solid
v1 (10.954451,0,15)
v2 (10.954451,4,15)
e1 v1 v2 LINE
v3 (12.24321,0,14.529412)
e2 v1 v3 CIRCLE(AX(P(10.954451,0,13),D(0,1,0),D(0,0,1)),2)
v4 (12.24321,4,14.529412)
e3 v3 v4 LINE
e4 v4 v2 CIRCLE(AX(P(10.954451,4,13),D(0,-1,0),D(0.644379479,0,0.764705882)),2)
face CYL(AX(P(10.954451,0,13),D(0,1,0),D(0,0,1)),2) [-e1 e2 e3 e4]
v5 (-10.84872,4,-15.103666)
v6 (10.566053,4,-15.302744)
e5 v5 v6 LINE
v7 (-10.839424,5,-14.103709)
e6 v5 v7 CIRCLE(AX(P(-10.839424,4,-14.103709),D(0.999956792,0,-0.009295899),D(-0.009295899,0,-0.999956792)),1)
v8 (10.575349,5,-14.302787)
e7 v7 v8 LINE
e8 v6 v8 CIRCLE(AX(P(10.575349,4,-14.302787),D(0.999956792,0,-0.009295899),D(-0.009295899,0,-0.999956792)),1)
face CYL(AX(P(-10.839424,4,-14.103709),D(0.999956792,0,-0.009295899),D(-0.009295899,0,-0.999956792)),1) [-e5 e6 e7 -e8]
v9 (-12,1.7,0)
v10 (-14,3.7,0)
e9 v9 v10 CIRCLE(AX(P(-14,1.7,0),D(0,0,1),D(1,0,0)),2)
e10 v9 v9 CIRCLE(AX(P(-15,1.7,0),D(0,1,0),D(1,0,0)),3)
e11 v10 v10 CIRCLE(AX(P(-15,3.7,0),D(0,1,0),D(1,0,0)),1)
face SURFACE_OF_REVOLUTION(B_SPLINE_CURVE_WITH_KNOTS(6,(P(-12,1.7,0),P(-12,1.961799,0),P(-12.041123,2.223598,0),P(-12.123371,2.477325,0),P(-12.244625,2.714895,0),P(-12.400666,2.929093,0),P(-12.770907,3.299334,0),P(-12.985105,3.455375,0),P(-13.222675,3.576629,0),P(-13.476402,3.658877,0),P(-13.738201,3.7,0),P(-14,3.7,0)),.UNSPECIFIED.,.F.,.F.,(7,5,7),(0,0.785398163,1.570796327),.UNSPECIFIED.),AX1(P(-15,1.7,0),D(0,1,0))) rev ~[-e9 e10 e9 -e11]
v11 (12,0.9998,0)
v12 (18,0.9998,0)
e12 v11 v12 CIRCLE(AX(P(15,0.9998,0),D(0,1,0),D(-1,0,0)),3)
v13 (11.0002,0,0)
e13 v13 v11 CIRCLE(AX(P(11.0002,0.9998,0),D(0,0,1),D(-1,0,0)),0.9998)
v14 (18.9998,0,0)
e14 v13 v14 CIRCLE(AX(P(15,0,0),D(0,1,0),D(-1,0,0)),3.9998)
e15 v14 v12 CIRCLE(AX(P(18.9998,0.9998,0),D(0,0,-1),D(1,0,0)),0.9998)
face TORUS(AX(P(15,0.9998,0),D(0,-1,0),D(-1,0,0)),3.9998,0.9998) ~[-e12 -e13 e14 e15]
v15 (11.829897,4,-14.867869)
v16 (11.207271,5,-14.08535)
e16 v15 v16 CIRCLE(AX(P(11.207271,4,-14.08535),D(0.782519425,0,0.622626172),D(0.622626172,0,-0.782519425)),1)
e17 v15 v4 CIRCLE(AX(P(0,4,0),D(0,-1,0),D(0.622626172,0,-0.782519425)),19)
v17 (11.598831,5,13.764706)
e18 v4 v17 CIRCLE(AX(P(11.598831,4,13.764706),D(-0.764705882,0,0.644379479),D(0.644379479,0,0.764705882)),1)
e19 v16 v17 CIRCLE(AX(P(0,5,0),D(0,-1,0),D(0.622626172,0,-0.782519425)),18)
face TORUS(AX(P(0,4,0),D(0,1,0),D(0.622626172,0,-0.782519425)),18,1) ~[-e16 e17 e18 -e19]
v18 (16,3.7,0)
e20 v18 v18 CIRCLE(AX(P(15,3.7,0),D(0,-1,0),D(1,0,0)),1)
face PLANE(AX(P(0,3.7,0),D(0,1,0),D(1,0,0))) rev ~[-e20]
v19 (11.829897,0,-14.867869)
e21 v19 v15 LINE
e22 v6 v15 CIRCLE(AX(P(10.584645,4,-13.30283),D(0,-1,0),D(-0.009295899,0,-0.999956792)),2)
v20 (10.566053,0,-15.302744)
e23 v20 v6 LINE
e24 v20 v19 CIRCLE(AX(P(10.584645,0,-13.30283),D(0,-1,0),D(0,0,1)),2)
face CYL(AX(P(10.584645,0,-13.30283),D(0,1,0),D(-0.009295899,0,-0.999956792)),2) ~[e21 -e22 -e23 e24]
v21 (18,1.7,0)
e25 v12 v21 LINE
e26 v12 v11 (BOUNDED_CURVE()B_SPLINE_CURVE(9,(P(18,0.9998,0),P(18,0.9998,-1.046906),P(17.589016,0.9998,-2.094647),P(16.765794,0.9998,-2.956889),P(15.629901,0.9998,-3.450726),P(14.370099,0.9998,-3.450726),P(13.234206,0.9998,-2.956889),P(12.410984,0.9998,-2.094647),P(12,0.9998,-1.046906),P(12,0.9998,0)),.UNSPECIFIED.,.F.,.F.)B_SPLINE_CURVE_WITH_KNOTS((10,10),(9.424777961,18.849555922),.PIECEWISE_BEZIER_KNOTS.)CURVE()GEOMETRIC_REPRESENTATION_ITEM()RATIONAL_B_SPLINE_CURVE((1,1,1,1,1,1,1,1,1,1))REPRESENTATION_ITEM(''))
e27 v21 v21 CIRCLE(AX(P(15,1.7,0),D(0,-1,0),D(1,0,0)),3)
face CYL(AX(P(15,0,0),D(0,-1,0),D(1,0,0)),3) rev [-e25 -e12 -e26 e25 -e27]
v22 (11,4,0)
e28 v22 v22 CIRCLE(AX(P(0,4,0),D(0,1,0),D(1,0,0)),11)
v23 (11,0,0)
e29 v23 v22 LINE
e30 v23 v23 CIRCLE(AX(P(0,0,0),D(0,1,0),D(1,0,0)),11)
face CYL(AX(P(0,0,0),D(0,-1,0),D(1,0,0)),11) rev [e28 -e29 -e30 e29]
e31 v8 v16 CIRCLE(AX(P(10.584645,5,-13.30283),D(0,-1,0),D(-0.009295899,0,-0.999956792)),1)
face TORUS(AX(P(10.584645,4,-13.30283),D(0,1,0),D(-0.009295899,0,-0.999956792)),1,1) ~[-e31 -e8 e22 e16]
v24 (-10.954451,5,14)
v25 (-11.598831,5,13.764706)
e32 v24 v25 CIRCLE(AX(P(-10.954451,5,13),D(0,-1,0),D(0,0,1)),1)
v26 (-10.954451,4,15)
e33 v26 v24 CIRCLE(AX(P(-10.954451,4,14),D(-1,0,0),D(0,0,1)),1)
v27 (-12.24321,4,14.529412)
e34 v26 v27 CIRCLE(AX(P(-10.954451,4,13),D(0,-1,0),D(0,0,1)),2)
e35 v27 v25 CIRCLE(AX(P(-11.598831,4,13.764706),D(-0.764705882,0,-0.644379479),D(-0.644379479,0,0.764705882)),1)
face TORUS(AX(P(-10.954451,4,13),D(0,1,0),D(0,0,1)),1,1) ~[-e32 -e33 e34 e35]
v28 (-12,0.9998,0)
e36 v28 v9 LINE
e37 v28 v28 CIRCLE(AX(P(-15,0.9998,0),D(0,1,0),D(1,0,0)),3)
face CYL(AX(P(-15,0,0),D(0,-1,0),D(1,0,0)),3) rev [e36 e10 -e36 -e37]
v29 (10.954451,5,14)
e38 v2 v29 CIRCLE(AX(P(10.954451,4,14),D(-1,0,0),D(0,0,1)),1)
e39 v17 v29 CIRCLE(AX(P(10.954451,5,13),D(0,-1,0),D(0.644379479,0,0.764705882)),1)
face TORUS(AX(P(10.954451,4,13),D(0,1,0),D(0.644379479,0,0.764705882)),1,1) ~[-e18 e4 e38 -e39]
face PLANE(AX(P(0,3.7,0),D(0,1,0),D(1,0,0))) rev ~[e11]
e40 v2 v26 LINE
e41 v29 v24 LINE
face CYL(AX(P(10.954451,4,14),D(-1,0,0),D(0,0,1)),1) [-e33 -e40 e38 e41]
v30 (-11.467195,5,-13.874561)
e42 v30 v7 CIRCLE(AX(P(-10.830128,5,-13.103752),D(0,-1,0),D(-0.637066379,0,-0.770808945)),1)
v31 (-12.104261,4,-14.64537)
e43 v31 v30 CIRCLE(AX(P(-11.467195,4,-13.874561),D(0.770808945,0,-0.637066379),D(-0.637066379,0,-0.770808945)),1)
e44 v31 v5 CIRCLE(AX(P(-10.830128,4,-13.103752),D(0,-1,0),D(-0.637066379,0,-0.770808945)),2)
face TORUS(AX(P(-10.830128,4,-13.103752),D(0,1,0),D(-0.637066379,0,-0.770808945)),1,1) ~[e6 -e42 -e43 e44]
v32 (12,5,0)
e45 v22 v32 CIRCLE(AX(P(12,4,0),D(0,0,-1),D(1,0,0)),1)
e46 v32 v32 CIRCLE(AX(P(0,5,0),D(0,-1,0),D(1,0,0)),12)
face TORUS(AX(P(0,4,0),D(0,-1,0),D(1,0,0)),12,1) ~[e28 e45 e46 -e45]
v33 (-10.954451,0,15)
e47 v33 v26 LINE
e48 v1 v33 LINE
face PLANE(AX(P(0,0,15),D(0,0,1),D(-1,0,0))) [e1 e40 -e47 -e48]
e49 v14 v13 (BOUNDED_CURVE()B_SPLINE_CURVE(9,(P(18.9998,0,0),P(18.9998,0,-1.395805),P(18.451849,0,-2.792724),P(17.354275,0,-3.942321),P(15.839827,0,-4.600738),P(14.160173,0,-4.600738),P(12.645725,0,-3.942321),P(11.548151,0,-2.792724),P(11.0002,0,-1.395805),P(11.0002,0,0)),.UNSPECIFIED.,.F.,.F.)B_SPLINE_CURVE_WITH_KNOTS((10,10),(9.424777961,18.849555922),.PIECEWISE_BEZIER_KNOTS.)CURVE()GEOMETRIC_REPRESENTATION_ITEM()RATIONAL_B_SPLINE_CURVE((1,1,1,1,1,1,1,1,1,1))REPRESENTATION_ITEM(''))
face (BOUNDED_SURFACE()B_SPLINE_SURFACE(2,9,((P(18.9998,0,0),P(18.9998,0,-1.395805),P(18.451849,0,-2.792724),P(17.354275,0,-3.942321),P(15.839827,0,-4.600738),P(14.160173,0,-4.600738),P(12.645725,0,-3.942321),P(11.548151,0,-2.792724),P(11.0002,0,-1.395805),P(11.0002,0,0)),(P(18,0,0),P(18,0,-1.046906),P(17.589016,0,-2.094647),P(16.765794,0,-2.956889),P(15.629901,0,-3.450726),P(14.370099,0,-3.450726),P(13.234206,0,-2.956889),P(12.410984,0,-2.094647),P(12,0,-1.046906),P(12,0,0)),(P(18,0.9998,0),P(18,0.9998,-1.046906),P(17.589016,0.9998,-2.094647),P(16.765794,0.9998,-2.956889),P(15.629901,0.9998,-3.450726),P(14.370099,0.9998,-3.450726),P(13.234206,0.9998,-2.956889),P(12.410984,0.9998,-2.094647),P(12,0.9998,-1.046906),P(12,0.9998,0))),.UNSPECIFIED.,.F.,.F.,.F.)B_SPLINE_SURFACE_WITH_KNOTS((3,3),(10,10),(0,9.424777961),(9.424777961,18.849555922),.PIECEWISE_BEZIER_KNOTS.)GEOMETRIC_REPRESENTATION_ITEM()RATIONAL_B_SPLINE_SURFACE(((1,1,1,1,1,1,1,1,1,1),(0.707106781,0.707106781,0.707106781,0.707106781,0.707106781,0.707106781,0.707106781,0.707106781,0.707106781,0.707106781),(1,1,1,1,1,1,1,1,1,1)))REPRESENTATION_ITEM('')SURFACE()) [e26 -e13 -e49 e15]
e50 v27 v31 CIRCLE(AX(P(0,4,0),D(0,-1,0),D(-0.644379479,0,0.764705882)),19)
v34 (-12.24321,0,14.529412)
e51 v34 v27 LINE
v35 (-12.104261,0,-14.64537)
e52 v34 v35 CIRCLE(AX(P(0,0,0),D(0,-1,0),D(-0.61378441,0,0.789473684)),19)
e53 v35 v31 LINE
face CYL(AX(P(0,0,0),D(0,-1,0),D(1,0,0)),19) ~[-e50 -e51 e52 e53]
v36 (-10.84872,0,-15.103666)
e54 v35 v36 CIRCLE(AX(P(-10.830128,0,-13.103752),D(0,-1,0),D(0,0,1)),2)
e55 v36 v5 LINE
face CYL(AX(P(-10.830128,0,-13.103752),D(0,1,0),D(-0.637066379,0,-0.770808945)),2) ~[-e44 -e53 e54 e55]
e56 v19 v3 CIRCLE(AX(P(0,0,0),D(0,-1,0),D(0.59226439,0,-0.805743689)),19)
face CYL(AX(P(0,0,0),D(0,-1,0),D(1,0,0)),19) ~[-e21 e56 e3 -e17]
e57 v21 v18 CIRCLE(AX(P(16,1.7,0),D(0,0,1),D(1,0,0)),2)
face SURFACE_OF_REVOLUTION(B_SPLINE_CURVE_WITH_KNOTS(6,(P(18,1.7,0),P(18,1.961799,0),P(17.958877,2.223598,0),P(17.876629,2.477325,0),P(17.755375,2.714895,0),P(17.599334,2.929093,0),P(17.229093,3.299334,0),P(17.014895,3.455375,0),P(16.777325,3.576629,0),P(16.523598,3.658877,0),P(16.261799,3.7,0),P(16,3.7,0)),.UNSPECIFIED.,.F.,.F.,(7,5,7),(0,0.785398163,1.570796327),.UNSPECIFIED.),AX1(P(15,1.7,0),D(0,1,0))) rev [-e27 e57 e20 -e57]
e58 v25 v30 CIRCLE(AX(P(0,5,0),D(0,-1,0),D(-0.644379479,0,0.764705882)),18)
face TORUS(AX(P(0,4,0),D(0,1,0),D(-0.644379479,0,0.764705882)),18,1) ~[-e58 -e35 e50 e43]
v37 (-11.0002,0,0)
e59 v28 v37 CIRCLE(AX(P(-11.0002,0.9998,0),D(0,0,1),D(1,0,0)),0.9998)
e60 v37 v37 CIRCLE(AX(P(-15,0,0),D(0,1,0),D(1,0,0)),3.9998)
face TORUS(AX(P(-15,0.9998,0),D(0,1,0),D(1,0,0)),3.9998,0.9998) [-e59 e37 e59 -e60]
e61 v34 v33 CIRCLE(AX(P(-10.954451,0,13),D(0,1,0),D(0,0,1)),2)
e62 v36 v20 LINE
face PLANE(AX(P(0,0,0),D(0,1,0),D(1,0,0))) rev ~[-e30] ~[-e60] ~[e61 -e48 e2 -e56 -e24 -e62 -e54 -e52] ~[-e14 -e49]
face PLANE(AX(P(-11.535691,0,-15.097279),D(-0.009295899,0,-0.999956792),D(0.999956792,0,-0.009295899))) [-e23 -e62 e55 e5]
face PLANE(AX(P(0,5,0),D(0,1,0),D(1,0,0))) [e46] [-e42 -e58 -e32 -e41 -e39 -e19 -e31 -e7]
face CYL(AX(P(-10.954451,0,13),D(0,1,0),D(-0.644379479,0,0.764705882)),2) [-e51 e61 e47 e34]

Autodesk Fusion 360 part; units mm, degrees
sketch "Sketch1" plane through (0, 0, 0) normal (0, 1, 0) x (1, 0, 0)
  line L0 (0, 0) -> (-15, 0)
  line L1 (0, 0) -> (15, 0)
  circle A0 centre (15, 0) radius 3
  circle A1 centre (-15, 0) radius 3
  circle A2 centre (15, 0) radius 4
  circle A3 centre (-15, 0) radius 4
  circle A4 centre (0, 0) radius 11
  circle A5 centre (0, 0) radius 19
  line L2 (0, 0) -> (0, -15)
  line L3 (0, 0) -> (0, 15)
  line L4 (0, -15) -> (20.2663, -15)
  line L5 (20.2663, -15) -> (-18, -15)
  line L6 (0, 15) -> (-22, 15)
  line L7 (-22, 15) -> (21.8454, 15.4076)
  dimension "d1" = 15
  dimension "d2" = 15
  dimension "d3" = 6
  dimension "d4" = 6
  dimension "d5" = 8
  dimension "d6" = 8
  dimension "d7" = 38
  dimension "d8" = 15
  dimension "d9" = 15
extrude "Extrude1" add sketch "Sketch1" along normal blind 5 contours A1 | A3 | A3 A4 A5 L2 L5 | A3 A4 A5 L3 L6 | A0 | A2 A4 A5 L3 L6 L7 | A2 | A2 A4 A5 L2 L4 L5
extrude "Extrude2" cut sketch "Sketch1" along normal blind 3.7 contours A1 | A0
fillet "Fillet1" radius 2 2 faces at (16.9556, 3.7, 0.2948) (-15.2176, 3.7, -0.9086)
fillet "Fillet2" radius 1 2 edges at (12.203, 0, 1.0848) (-17.797, 0, 1.0848)
fillet "Fillet3" radius 2 4 edges at (-11.6619, 2.5, 15) (11.6619, 2.5, 15) (-11.5357, 2.5, -15.0973) (11.253, 2.5, -15.3091)
fillet "Fillet4" radius 1 1 faces at (-0.3682, 5, -13.7919)
